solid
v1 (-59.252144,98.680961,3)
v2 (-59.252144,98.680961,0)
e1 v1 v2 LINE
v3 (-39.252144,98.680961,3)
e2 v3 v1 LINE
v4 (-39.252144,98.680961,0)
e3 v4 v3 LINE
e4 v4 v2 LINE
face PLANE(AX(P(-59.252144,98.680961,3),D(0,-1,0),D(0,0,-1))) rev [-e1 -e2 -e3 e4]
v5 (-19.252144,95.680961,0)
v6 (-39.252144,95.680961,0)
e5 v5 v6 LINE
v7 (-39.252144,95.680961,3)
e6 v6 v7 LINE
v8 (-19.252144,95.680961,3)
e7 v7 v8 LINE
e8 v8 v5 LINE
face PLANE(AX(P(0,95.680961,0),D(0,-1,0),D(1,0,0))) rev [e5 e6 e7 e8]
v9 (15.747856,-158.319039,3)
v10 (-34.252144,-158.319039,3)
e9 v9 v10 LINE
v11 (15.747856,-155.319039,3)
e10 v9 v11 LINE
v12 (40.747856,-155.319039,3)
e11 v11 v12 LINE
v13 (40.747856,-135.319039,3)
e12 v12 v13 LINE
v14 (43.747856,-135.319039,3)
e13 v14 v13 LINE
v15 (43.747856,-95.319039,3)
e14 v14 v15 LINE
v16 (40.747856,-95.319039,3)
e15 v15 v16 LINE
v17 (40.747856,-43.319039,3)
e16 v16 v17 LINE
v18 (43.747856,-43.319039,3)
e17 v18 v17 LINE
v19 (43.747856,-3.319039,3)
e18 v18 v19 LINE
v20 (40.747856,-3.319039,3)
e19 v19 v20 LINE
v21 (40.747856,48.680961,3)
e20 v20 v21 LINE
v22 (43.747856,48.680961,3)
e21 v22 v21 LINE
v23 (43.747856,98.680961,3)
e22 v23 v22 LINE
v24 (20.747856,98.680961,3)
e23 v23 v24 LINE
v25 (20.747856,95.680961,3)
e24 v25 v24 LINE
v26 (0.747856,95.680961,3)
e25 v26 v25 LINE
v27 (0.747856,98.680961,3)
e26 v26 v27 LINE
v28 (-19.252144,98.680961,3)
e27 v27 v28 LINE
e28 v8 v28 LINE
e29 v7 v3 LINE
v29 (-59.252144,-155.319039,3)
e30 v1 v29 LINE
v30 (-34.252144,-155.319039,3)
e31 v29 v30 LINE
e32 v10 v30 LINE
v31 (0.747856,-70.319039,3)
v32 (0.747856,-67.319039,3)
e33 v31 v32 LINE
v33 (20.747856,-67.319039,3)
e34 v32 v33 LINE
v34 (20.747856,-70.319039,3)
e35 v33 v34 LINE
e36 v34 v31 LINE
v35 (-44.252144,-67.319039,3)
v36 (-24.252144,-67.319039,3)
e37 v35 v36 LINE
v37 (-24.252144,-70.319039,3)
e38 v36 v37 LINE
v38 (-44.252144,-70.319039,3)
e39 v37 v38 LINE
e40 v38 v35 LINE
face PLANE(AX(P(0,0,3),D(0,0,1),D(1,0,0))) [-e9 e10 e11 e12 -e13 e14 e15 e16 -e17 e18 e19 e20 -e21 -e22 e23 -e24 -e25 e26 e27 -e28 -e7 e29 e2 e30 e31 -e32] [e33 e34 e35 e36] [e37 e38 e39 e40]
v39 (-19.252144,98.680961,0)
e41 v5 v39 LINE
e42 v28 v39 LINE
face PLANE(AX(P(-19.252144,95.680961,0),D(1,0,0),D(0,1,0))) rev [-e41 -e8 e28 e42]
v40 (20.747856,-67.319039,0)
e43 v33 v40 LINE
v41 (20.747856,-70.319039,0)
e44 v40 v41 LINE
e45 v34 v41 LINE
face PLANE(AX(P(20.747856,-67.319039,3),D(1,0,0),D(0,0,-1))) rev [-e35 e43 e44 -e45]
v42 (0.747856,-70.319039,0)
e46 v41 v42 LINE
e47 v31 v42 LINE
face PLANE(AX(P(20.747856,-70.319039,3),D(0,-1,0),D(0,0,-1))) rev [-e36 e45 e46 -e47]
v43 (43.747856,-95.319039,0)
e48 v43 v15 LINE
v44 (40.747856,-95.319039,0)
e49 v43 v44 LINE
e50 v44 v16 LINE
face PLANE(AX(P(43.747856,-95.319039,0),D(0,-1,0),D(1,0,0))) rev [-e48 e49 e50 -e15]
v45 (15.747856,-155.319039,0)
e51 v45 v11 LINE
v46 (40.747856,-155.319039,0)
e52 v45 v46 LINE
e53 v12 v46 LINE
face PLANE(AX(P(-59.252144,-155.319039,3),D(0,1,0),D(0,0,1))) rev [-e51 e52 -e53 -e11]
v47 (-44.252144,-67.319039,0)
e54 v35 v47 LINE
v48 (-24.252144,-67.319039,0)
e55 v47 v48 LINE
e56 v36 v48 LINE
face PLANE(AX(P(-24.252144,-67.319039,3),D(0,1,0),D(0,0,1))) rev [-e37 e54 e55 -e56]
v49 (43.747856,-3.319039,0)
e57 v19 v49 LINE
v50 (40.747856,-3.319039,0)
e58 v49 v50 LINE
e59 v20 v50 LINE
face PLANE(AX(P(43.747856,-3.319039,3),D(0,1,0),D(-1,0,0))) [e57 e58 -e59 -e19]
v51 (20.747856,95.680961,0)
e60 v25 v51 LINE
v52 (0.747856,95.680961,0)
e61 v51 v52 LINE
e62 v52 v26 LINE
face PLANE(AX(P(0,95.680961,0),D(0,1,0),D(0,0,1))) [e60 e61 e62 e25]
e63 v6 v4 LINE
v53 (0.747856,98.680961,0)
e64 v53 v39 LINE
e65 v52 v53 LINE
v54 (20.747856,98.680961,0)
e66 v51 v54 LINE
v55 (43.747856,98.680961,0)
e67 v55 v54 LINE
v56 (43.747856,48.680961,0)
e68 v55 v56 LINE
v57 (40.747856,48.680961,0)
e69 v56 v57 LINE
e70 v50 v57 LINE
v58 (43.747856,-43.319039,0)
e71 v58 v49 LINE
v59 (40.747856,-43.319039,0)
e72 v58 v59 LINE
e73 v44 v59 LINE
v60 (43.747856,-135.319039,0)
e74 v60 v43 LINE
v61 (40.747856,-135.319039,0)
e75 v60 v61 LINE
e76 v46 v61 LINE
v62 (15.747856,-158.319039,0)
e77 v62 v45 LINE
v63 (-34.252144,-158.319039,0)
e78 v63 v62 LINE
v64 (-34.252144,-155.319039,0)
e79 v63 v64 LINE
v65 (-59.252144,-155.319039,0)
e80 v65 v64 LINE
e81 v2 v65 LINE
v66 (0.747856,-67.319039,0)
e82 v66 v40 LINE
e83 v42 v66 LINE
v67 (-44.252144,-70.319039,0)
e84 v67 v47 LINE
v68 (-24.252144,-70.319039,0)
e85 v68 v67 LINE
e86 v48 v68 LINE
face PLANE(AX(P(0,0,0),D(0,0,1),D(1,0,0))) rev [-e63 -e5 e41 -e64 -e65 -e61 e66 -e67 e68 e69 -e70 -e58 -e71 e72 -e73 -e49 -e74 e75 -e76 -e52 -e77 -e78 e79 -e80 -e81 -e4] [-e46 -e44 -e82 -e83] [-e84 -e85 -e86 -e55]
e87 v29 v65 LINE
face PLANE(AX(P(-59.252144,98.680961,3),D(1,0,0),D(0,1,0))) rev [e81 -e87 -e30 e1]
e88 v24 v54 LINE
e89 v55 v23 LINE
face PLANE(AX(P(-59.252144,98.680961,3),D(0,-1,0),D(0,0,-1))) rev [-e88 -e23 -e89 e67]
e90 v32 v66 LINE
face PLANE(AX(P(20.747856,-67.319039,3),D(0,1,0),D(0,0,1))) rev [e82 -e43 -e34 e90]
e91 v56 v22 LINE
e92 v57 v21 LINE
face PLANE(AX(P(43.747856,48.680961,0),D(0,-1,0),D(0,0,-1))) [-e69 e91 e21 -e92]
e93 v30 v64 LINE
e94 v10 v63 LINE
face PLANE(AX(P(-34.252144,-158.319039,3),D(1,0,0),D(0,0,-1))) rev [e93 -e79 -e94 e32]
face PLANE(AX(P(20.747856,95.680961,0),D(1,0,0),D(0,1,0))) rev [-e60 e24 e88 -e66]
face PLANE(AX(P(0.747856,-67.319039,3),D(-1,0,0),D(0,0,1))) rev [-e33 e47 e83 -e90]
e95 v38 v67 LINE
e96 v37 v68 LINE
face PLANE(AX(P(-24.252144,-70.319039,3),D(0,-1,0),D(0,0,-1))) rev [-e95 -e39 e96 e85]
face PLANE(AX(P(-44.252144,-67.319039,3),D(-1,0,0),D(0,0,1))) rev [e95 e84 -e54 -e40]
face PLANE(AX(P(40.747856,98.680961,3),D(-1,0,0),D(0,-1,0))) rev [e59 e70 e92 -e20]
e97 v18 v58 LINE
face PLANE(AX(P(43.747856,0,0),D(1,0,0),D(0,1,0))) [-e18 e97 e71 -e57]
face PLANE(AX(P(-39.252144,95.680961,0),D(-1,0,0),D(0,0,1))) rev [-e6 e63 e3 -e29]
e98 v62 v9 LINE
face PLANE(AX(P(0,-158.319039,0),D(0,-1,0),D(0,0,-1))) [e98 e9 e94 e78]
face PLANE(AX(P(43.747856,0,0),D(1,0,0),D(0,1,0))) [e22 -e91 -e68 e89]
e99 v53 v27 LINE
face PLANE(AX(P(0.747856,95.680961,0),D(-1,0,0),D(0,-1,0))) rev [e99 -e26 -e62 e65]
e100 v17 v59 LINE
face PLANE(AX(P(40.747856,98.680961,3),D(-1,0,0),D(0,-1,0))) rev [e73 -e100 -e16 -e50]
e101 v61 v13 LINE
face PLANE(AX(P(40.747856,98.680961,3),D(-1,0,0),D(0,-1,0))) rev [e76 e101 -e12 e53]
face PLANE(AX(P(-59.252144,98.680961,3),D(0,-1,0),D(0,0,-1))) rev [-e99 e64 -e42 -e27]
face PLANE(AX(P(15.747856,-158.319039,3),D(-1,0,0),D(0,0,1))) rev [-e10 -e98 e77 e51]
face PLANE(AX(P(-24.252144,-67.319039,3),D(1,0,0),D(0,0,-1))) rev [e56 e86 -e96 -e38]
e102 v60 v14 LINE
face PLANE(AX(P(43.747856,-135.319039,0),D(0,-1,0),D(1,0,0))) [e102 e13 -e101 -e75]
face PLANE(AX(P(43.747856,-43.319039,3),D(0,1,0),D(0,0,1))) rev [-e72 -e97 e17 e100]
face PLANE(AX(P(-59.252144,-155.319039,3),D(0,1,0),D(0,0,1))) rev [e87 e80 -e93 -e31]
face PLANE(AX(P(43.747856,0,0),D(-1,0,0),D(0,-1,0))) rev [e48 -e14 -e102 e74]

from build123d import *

# Parameters (mm, degrees)
SKETCH1_W           = 100
SKETCH1_H           = 254
BOSS_EXTRUDE1_DEPTH = 3
SKETCH2_W           = 50
SKETCH2_H           = 3
BOSS_EXTRUDE2_DEPTH = 3
SKETCH3_W           = 20
SKETCH3_H           = 3
CUT_EXTRUDE1_DEPTH  = 3
SKETCH4_W           = 3
SKETCH4_H           = 40
SKETCH4_H_2         = 50
BOSS_EXTRUDE3_DEPTH = 3
SKETCH5_W           = 20
SKETCH5_H           = 3
CUT_EXTRUDE2_DEPTH  = 3


with BuildPart() as part:
    # Sketch1 → Boss-Extrude1 (new body)
    with BuildSketch(Plane.XY):
        with Locations((-9.252144082, -28.319039451)):
            Rectangle(SKETCH1_W, SKETCH1_H)
    extrude(amount=BOSS_EXTRUDE1_DEPTH)

    # Sketch2 → Boss-Extrude2 (add)
    with BuildSketch(Plane.XZ.offset(155.319039451)):
        with Locations((-9.252144082, 1.5)):
            Rectangle(SKETCH2_W, SKETCH2_H)
    extrude(amount=BOSS_EXTRUDE2_DEPTH)

    # Sketch3 → Cut-Extrude1 (cut)
    with BuildSketch(Plane(origin=(0, 98.680960549, 0), x_dir=(1, 0, 0), z_dir=(0, 1, 0))):
        with Locations((-29.252144082, -1.5)):
            Rectangle(SKETCH3_W, SKETCH3_H)
        with Locations((10.747855918, -1.5)):
            Rectangle(SKETCH3_W, SKETCH3_H)
    extrude(amount=-CUT_EXTRUDE1_DEPTH, mode=Mode.SUBTRACT)

    # Sketch4 → Boss-Extrude3 (add)
    with BuildSketch(Plane(origin=(40.747855918, 0, 0), x_dir=(0, 0, -1), z_dir=(1, 0, 0))):
        with Locations((-1.5, -115.319039451)):
            Rectangle(SKETCH4_W, SKETCH4_H)
        with Locations((-1.5, -23.319039451)):
            Rectangle(SKETCH4_W, SKETCH4_H)
        with Locations((-1.5, 73.680960549)):
            Rectangle(SKETCH4_W, SKETCH4_H_2)
    extrude(amount=BOSS_EXTRUDE3_DEPTH)

    # Sketch5 → Cut-Extrude2 (cut)
    with BuildSketch(Plane(origin=(0, 0, 0), x_dir=(-1, 0, 0), z_dir=(0, 0, -1))):
        with Locations((-10.747855918, -68.819039451)):
            Rectangle(SKETCH5_W, SKETCH5_H)
        with Locations((34.252144082, -68.819039451)):
            Rectangle(SKETCH5_W, SKETCH5_H)
    extrude(amount=-CUT_EXTRUDE2_DEPTH, mode=Mode.SUBTRACT)


solid = part.part
